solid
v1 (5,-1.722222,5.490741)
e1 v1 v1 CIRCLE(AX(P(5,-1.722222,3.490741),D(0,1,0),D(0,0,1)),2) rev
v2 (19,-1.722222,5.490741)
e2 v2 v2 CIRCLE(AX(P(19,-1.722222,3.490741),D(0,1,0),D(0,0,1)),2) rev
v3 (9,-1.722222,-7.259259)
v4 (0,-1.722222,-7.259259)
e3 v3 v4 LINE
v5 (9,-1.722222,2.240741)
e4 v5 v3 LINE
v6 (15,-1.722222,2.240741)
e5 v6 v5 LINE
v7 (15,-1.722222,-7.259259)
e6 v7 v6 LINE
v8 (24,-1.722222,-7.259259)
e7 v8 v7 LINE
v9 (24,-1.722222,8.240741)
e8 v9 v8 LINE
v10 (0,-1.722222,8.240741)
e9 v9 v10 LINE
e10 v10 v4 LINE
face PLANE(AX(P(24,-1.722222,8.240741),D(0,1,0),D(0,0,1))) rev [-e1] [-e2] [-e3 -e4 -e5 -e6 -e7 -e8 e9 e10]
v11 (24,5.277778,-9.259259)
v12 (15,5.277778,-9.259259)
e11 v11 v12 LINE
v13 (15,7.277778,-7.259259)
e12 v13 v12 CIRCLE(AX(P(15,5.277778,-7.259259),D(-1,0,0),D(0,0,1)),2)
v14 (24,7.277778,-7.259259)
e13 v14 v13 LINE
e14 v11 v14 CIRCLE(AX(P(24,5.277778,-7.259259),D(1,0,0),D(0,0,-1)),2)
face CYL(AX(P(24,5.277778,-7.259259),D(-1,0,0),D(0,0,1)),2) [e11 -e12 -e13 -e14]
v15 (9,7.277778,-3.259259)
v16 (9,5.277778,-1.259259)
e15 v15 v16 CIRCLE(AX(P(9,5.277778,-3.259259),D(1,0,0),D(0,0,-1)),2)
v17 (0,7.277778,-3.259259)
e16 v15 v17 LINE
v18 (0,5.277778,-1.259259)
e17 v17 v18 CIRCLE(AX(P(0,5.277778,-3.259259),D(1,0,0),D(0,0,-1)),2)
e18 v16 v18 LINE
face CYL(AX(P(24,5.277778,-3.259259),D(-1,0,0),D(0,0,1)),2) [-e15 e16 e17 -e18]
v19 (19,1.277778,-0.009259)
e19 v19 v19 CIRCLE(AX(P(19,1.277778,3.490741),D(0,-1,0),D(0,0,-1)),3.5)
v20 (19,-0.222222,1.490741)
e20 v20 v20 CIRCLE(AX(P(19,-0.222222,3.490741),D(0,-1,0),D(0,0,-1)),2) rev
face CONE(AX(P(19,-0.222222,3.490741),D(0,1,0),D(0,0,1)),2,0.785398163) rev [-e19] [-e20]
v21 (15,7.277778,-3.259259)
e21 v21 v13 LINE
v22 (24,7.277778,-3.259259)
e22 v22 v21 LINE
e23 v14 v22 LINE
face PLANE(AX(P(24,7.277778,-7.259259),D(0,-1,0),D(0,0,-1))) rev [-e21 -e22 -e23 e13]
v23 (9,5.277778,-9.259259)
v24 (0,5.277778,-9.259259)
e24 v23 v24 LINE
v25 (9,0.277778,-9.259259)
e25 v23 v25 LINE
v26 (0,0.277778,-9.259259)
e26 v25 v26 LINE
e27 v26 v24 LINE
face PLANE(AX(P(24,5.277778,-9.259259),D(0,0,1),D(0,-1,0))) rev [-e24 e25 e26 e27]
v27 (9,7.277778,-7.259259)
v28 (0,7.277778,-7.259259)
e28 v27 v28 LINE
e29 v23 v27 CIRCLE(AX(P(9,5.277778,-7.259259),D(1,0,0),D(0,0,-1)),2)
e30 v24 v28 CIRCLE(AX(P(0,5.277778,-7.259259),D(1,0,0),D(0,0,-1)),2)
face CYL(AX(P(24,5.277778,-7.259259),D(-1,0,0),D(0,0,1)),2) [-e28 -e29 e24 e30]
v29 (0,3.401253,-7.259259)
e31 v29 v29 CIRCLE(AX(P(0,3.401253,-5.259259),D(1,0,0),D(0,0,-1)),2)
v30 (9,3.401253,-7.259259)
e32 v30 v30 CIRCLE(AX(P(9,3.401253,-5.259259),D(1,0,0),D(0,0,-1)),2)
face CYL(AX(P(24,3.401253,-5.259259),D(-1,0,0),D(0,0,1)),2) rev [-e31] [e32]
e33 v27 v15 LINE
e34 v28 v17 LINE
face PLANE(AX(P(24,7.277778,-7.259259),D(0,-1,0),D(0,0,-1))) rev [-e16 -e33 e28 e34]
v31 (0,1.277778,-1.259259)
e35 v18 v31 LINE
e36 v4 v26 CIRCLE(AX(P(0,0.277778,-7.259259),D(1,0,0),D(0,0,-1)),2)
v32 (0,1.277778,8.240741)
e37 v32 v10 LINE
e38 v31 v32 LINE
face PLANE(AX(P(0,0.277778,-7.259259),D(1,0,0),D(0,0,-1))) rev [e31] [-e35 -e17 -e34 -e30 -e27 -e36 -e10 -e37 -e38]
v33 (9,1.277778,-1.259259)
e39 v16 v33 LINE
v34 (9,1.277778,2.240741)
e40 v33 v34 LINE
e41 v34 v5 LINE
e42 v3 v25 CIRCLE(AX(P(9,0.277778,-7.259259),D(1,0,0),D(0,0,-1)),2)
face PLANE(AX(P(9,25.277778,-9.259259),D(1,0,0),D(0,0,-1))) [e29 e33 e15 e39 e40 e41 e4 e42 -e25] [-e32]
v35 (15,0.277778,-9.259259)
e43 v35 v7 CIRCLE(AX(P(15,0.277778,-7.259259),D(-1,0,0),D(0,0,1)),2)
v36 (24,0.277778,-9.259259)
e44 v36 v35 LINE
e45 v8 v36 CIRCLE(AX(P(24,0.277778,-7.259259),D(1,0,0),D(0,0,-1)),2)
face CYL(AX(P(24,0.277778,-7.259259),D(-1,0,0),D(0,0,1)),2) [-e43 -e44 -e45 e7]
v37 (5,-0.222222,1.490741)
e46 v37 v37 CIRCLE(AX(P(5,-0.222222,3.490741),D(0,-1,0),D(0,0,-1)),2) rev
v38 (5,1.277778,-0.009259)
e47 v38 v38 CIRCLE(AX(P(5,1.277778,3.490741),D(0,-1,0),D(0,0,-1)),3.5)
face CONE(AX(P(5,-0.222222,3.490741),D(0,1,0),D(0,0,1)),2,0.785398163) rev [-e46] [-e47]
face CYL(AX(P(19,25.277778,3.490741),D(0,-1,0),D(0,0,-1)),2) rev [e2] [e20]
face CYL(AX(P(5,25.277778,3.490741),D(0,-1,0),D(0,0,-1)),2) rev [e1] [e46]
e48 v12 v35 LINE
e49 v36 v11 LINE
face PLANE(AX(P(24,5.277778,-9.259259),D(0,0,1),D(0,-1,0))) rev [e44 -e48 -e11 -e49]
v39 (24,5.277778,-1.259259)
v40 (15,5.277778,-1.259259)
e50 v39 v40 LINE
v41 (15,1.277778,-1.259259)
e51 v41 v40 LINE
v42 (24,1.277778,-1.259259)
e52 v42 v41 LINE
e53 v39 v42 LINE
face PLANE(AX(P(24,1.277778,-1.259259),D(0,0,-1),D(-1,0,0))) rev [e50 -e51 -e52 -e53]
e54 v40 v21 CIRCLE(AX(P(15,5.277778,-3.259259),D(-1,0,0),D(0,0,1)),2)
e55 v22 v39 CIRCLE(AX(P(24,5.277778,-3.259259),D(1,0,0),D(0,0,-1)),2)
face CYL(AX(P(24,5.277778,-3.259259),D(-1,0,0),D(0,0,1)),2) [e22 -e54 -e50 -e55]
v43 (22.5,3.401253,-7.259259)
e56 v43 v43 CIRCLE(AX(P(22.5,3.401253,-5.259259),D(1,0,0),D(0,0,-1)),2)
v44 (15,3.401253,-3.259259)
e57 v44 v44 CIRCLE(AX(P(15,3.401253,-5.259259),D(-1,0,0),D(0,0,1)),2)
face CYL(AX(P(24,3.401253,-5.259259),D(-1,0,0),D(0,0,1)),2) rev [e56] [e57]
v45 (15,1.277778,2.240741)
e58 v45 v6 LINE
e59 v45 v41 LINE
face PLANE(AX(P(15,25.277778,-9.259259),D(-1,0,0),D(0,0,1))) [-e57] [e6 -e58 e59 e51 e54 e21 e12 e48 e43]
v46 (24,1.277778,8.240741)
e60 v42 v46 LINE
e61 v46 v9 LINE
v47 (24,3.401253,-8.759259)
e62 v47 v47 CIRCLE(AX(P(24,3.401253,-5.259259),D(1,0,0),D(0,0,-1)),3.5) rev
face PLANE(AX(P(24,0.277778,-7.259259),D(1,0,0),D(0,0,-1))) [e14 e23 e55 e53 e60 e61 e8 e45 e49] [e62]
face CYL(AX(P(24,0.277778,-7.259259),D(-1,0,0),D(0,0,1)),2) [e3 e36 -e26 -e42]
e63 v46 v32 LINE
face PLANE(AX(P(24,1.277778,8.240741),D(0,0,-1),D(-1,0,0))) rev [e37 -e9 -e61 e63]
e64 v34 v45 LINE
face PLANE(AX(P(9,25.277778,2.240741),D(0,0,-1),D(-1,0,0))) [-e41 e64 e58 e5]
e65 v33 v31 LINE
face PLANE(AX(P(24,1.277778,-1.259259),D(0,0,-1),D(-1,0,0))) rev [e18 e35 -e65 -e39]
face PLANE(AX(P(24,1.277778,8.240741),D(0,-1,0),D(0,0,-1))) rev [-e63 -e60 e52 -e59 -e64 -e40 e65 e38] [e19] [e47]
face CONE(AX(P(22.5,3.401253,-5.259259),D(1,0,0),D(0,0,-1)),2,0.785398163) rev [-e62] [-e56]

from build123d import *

# Parameters (mm, degrees)
ESQUISSE1_R                  = 2
BOSS_EXTRU_1_DEPTH           = 24
ENL_V_MAT_EXTRU_1_DEPTH      = 24
ENL_V_MAT_EXTRU_1_DEPTH_BACK = 24
ESQUISSE2_R                  = 2
ESQUISSE2_W                  = 6
ESQUISSE2_H                  = 11.5
CHANFREIN1_SIZE              = 1.5


with BuildPart() as part:
    # Esquisse1 → Boss.-Extru.1 (new body)
    with BuildSketch(Plane(origin=(0, 0, 0), x_dir=(0, 0, -1), z_dir=(1, 0, 0))):
        with BuildLine():
            Line((-8.240740741, 1.277777778), (1.259259259, 1.277777778))
            Line((1.259259259, 1.277777778), (1.259259259, 5.277777778))
            ThreePointArc((1.259259259, 5.277777778), (1.845045697, 6.69199134), (3.259259259, 7.277777778))
            Line((3.259259259, 7.277777778), (7.259259259, 7.277777778))
            ThreePointArc((7.259259259, 7.277777778), (8.673472822, 6.69199134), (9.259259259, 5.277777778))
            Line((9.259259259, 5.277777778), (9.259259259, 0.277777778))
            ThreePointArc((9.259259259, 0.277777778), (8.673472822, -1.136435785), (7.259259259, -1.722222222))
            Line((7.259259259, -1.722222222), (-8.240740741, -1.722222222))
            Line((-8.240740741, -1.722222222), (-8.240740741, 1.277777778))
        make_face()
        with Locations((5.259259259, 3.401253161)):
            Circle(ESQUISSE1_R, mode=Mode.SUBTRACT)
    extrude(amount=BOSS_EXTRU_1_DEPTH)

    # Esquisse2 → Enlèv. mat.-Extru.1 (cut, two sides: drawn at the far end of the back side and taken through both)
    with BuildSketch(Plane(origin=(0, 1.277777778, 0), x_dir=(1, 0, 0), z_dir=(0, 1, 0)).offset(-ENL_V_MAT_EXTRU_1_DEPTH_BACK)):
        with Locations(Location((19, -3.490740741, 0), (0, 0, 90))):
            Circle(ESQUISSE2_R)
        with Locations(Location((5, -3.490740741, 0), (0, 0, 90))):
            Circle(ESQUISSE2_R)
        with Locations((12, 3.509259259)):
            Rectangle(ESQUISSE2_W, ESQUISSE2_H)
    extrude(amount=ENL_V_MAT_EXTRU_1_DEPTH + ENL_V_MAT_EXTRU_1_DEPTH_BACK, mode=Mode.SUBTRACT)

    # Chanfrein1
    chanfrein1_edges = [part.edges().sort_by_distance(p)[0] for p in [
        (24, 3.401253161, -3.259259259),
        (19, 1.277777778, 5.490740741),
        (5, 1.277777778, 5.490740741),
    ]]
    chamfer(chanfrein1_edges, length=CHANFREIN1_SIZE)


solid = part.part
